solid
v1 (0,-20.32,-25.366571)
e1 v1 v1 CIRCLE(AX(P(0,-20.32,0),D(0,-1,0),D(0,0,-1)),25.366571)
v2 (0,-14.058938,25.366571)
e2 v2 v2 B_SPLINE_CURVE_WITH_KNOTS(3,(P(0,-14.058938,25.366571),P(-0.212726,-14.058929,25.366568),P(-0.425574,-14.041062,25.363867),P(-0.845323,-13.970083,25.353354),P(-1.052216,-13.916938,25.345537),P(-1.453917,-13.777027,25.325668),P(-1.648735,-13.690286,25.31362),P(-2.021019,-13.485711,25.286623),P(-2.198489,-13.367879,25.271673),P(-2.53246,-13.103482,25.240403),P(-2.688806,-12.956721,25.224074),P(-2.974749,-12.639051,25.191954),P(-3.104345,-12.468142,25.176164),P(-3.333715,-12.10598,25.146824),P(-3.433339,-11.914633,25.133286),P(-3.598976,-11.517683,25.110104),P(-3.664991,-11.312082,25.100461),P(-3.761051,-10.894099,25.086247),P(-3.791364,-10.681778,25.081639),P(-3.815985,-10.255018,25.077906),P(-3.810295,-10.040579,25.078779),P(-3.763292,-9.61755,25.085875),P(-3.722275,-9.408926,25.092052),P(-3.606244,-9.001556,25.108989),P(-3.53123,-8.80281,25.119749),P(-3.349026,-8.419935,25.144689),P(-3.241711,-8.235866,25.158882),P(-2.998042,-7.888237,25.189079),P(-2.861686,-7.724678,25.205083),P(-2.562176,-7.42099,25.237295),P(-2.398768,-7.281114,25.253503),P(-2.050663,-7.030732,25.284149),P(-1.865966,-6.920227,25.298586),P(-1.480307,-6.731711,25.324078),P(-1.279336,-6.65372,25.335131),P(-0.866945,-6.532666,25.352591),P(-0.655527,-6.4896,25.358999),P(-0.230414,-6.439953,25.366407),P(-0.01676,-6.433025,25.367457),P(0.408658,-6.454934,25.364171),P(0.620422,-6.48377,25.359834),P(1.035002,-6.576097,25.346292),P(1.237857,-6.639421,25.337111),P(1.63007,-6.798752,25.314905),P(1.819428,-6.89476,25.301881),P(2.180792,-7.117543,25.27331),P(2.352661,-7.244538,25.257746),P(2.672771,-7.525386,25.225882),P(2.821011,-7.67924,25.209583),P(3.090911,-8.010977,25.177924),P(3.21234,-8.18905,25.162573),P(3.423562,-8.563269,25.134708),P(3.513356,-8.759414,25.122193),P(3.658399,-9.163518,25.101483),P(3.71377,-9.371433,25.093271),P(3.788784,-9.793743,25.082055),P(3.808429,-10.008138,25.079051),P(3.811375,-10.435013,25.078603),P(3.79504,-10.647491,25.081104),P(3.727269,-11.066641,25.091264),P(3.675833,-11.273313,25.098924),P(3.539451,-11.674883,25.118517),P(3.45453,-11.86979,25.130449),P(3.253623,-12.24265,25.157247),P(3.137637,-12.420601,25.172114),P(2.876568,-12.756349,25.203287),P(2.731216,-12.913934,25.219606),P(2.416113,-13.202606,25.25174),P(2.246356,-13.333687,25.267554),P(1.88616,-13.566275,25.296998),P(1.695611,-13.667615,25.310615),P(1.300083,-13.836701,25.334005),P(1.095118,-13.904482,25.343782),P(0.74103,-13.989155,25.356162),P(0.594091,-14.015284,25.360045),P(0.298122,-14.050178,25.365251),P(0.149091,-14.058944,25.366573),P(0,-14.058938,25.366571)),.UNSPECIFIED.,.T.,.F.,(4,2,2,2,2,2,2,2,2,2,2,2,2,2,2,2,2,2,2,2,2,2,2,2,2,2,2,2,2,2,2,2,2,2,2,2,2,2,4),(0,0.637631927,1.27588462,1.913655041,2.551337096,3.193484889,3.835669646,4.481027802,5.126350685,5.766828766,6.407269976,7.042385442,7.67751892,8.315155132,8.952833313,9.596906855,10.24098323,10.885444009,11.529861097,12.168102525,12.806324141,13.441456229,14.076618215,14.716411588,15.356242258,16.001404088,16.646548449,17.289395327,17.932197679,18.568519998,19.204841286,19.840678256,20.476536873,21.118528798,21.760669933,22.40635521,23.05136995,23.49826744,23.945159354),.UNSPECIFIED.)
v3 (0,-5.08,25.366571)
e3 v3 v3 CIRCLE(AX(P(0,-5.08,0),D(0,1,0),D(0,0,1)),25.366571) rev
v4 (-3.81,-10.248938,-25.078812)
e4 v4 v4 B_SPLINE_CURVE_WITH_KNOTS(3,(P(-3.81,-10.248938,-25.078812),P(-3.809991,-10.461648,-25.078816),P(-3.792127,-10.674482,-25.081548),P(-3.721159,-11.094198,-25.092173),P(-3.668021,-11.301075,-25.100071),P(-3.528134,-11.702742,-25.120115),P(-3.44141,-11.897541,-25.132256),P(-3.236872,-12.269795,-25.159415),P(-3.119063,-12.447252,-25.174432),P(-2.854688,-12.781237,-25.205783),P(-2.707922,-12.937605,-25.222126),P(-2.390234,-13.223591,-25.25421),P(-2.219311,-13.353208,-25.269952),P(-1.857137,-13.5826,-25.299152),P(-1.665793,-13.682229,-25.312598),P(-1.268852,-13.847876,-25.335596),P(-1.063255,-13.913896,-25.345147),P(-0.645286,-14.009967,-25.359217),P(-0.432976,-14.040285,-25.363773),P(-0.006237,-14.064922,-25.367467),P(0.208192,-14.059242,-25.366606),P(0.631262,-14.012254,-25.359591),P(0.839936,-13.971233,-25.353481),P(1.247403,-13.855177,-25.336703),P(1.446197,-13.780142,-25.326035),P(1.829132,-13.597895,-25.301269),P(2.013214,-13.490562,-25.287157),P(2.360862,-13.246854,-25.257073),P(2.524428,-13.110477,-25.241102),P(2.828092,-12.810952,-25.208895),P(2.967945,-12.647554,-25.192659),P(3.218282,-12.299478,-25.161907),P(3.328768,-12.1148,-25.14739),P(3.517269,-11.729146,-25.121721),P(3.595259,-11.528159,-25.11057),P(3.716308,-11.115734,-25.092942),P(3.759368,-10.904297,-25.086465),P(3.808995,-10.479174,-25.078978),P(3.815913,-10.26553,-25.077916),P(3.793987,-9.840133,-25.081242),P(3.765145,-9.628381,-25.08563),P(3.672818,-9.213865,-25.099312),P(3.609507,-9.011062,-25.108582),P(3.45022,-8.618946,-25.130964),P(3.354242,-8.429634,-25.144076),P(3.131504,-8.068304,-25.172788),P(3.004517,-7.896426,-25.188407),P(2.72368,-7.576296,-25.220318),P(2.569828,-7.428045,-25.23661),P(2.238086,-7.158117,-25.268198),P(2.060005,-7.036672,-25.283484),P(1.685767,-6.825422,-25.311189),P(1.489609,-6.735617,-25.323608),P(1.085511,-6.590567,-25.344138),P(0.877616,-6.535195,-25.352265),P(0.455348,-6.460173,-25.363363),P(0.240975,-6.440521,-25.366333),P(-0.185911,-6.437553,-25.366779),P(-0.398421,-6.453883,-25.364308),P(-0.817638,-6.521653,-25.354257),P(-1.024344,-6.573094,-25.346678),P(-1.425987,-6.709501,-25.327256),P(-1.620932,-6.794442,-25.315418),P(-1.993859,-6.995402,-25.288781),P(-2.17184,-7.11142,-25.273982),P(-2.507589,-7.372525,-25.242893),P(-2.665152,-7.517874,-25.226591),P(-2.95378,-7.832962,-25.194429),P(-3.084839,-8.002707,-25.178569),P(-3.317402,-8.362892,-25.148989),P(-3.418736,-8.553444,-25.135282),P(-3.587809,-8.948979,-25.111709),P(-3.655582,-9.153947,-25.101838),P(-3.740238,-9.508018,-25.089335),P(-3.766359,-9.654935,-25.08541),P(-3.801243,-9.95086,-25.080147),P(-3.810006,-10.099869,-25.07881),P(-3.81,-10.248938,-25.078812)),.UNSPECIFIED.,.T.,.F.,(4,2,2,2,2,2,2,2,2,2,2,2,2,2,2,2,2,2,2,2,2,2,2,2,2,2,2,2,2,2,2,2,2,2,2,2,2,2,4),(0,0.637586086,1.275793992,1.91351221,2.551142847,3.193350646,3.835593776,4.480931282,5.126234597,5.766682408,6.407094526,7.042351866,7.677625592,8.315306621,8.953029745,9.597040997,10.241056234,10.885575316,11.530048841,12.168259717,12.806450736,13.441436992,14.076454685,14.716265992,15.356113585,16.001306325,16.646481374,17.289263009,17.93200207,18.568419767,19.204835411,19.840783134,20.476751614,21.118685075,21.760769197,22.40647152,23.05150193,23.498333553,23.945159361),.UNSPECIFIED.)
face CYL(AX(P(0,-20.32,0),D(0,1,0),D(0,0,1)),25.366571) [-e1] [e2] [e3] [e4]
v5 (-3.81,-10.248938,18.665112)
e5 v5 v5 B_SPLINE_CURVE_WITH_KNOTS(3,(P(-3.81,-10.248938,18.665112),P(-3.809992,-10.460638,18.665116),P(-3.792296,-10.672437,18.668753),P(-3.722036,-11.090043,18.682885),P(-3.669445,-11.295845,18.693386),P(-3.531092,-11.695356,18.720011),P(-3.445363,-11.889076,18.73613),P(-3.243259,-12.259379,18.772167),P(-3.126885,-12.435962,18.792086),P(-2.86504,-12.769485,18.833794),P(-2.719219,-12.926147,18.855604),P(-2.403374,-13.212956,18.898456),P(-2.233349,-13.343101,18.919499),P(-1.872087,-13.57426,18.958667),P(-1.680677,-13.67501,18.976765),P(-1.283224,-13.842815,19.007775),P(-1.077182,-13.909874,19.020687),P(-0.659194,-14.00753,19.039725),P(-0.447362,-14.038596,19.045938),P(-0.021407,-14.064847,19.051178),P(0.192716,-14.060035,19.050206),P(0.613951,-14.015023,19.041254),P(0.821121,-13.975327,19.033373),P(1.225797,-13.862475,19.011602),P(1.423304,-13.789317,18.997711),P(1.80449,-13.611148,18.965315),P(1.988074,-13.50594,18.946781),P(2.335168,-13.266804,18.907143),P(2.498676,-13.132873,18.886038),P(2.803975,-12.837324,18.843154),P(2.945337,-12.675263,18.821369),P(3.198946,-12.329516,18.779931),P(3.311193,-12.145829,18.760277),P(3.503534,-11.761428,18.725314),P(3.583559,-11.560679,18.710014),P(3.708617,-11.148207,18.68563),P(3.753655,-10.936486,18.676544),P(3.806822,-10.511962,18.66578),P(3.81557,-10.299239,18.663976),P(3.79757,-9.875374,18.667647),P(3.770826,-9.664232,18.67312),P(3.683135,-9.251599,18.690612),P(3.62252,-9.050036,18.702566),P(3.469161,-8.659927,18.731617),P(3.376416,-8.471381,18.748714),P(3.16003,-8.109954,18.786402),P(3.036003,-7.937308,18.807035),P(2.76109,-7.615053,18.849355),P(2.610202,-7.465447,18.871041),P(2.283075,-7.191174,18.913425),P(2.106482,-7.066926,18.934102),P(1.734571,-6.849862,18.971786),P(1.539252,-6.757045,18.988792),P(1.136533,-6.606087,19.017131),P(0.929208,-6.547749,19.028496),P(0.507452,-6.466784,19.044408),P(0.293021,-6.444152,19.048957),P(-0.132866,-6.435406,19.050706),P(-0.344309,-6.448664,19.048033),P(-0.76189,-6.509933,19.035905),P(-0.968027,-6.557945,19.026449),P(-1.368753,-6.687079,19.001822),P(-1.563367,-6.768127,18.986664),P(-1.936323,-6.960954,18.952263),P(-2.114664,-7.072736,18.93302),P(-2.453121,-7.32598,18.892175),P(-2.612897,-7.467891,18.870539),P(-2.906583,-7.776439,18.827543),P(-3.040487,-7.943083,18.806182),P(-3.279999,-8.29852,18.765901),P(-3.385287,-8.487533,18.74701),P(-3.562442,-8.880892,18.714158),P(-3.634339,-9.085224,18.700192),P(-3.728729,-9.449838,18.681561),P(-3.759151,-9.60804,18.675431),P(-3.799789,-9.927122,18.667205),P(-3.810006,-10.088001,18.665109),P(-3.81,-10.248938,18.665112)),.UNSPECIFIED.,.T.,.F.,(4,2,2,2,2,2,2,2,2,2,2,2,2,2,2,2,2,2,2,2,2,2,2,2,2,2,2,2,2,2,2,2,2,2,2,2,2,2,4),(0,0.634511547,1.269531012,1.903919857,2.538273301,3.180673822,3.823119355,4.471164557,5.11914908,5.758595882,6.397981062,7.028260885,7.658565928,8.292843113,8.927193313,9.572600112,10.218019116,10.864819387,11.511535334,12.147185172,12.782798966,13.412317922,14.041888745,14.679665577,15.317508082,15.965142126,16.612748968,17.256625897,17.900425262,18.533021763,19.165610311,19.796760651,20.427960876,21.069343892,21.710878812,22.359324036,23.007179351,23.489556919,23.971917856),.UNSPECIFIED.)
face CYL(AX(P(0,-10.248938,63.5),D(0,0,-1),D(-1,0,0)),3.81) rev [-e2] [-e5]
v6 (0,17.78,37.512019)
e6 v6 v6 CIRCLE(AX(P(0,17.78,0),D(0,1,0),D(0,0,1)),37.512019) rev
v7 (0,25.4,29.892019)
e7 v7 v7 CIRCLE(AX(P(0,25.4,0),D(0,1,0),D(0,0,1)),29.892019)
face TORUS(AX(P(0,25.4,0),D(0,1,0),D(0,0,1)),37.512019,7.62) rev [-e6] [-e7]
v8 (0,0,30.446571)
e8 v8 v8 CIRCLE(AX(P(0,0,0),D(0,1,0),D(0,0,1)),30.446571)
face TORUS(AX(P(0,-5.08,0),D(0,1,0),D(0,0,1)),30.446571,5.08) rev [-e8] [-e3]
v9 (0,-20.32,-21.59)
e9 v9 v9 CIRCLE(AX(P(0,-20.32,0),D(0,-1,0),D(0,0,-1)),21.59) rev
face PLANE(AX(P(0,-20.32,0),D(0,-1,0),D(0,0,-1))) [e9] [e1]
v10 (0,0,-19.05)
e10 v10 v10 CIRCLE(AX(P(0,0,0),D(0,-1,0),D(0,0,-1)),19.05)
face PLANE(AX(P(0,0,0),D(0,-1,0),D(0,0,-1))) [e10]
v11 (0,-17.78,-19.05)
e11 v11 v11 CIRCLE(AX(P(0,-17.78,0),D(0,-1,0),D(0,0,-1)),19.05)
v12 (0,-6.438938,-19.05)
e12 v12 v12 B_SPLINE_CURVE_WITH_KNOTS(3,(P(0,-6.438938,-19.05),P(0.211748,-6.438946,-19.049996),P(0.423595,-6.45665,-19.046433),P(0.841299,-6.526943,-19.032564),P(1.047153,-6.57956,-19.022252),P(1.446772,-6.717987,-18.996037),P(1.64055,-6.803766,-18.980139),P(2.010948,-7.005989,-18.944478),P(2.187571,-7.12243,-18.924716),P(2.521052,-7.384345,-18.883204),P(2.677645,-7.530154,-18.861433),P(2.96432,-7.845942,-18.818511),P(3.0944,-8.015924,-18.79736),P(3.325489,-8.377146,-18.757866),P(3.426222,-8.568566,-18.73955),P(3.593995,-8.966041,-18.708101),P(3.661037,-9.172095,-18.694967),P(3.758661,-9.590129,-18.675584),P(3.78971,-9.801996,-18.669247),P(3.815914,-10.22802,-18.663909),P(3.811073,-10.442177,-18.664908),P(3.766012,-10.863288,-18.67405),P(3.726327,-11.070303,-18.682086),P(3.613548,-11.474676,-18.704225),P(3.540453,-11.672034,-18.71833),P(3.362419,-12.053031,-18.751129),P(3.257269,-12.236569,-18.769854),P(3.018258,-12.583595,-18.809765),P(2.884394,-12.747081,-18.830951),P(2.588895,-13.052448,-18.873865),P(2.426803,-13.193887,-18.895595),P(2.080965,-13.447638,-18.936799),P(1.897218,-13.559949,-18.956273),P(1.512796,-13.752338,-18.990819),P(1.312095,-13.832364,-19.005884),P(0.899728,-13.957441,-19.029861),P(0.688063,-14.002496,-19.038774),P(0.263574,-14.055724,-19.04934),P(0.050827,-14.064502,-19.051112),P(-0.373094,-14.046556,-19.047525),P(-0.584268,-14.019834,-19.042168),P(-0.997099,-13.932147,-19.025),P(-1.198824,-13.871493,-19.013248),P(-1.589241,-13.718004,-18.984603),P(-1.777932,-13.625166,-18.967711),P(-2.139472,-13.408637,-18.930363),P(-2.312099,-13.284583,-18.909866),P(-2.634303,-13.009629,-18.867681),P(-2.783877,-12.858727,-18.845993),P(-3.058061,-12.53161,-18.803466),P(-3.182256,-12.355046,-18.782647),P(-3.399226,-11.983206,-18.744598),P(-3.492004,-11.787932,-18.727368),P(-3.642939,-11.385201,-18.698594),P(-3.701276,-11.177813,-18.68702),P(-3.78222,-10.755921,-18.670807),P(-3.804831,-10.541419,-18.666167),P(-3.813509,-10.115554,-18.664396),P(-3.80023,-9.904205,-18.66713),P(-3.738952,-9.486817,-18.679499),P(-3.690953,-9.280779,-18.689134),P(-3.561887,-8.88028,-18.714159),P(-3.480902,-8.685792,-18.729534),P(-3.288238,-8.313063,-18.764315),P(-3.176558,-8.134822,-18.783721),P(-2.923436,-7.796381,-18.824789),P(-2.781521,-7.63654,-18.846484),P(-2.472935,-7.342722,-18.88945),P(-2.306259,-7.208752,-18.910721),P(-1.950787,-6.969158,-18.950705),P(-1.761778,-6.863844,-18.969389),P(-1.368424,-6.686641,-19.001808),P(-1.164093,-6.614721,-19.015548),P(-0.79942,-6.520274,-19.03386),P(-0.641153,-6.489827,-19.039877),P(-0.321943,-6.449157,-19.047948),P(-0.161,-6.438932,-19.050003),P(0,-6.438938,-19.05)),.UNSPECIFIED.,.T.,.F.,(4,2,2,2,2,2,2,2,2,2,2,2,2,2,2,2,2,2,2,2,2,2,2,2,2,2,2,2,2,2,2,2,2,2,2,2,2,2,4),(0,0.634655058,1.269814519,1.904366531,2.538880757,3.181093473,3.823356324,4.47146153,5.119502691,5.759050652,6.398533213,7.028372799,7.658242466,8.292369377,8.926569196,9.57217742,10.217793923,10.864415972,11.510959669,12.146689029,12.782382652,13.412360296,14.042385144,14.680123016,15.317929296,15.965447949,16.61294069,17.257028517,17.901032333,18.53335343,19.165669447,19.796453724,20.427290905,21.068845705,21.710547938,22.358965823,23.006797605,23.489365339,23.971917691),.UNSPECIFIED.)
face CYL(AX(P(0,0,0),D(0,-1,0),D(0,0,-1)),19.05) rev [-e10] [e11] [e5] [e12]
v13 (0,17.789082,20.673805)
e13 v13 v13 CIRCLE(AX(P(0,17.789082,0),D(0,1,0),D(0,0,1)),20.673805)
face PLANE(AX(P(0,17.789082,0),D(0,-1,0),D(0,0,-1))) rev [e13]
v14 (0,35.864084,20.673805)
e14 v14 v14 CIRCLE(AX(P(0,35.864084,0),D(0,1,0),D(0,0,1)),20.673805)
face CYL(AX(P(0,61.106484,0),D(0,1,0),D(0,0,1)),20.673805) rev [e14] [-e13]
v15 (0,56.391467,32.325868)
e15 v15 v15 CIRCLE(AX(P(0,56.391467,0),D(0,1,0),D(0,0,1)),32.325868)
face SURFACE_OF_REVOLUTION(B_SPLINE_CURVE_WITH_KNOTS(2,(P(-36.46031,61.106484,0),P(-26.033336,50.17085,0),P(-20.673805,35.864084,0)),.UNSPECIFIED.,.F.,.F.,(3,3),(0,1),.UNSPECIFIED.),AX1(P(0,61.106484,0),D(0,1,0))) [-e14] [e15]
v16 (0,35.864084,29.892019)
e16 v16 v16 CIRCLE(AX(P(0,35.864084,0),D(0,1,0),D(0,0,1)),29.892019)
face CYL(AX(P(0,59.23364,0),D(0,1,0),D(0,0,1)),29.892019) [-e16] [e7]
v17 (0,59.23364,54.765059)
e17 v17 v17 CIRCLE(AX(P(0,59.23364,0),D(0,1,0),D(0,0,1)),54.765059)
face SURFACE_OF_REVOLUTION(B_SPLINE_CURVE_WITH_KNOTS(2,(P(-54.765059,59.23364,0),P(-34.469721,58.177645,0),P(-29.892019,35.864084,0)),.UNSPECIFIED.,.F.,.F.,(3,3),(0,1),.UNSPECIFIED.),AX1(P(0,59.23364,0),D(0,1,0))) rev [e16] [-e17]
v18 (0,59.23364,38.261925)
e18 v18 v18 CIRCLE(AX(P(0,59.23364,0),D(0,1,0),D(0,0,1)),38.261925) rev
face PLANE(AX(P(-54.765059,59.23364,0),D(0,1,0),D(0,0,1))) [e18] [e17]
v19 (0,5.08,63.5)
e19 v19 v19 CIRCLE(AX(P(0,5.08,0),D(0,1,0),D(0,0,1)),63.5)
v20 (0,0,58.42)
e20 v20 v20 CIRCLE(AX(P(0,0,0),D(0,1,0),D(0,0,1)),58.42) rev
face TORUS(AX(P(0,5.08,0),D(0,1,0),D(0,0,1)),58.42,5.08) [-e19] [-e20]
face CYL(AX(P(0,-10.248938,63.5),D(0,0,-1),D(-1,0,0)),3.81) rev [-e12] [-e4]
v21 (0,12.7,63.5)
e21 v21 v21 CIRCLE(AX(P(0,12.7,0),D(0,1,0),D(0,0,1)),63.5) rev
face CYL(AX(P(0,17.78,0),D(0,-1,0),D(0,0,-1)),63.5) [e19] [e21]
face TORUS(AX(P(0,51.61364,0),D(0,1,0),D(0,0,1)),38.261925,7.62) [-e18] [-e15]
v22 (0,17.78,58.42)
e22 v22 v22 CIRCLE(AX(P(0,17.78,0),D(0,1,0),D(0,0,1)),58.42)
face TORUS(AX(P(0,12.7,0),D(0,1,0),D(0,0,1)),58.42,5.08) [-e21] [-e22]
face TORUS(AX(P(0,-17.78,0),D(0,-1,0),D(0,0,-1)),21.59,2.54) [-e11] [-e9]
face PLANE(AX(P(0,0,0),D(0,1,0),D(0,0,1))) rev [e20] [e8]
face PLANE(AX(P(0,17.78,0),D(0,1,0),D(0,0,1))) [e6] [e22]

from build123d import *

# Parameters (mm, degrees)
SKETCH1_R               = 63.5
BOSS_EXTRUDE1_DEPTH     = 17.78
SKETCH4_R               = 25.36657104
BOSS_EXTRUDE6_DEPTH     = 20.32
SKETCH6_R               = 19.05
CUT_EXTRUDE1_DEPTH      = 20.32
SKETCH12_R              = 3.81
CUT_EXTRUDE6_DEPTH      = 39.13342896
CUT_EXTRUDE6_DEPTH_BACK = 89.86657104
FILLET2_R               = 5.08
FILLET4_R               = 2.54
FILLET5_R               = 5.08
FILLET6_R               = 7.62
FILLET7_R               = 7.62


with BuildPart() as part:
    # Sketch1 → Boss-Extrude1 (new body)
    with BuildSketch(Plane(origin=(0, 0, 0), x_dir=(1, 0, 0), z_dir=(0, 1, 0))):
        Circle(SKETCH1_R)
    extrude(amount=BOSS_EXTRUDE1_DEPTH)

    # Sketch4 → Boss-Extrude6 (add)
    with BuildSketch(Plane.XZ):
        Circle(SKETCH4_R)
    extrude(amount=BOSS_EXTRUDE6_DEPTH)

    # Sketch6 → Cut-Extrude1 (cut)
    with BuildSketch(Plane.XZ.offset(20.32)):
        Circle(SKETCH6_R)
    extrude(amount=-CUT_EXTRUDE1_DEPTH, mode=Mode.SUBTRACT)

    # Sketch12 → Cut-Extrude6 (cut, two sides)
    with BuildSketch(Plane(origin=(0, 0, -25.36657104), x_dir=(-1, 0, 0), z_dir=(0, 0, -1))) as cut_extrude6_sk:
        with Locations((0, -10.248937759)):
            Circle(SKETCH12_R)
    extrude(amount=CUT_EXTRUDE6_DEPTH, mode=Mode.SUBTRACT)
    extrude(cut_extrude6_sk.sketch, amount=-CUT_EXTRUDE6_DEPTH_BACK, mode=Mode.SUBTRACT)

    # Fillet2
    fillet2_edges = [part.edges().sort_by_distance(p)[0] for p in [
        (-63.5, 0, 0),
        (-25.36657104, 0, 0),
    ]]
    fillet(fillet2_edges, radius=FILLET2_R)

    # Fillet4
    fillet4_edges = [part.edges().sort_by_distance(p)[0] for p in [
        (-19.05, -20.32, 0),
    ]]
    fillet(fillet4_edges, radius=FILLET4_R)

    # Fillet5
    fillet5_edges = [part.edges().sort_by_distance(p)[0] for p in [
        (-63.5, 17.78, 0),
    ]]
    fillet(fillet5_edges, radius=FILLET5_R)

    # Sketch15 → Revolve2 (revolve)
    with BuildSketch(Plane.XY):
        with BuildLine():
            Line((-29.892018592, 17.78), (-29.892018592, 35.864083574))
            add(Edge.make_bspline(
                [(-29.892018592, 35.864083574), (-34.469720998, 58.177644888), (-54.765059219, 59.2336397)],
                knots=[0, 0, 0, 1, 1, 1], degree=2))
            Line((-54.765059219, 59.2336397), (0, 59.2336397))
            Line((0, 59.2336397), (0, 17.78))
            Line((0, 17.78), (-29.892018592, 17.78))
        make_face()
    revolve(axis=Axis((0, 59.2336397, 0), (0, -1, 0)))

    # Sketch17 → Cut-Revolve2 (revolve, cut)
    with BuildSketch(Plane.XY):
        with BuildLine():
            Line((-20.673805288, 17.789082093), (-20.673805288, 35.864083574))
            add(Edge.make_bspline(
                [(-20.673805288, 35.864083574), (-26.033336051, 50.170850095), (-36.460310019, 61.106483535)],
                knots=[0, 0, 0, 1, 1, 1], degree=2))
            Line((-36.460310019, 61.106483535), (0, 61.106483535))
            Line((0, 61.106483535), (0, 17.789082093))
            Line((0, 17.789082093), (-20.673805288, 17.789082093))
        make_face()
    revolve(axis=Axis((0, 61.106483535, 0), (0, -1, 0)), mode=Mode.SUBTRACT)

    # Fillet6
    fillet6_edges = [part.edges().sort_by_distance(p)[0] for p in [
        (29.892018592, 17.78, 0),
    ]]
    fillet(fillet6_edges, radius=FILLET6_R)

    # Fillet7
    fillet7_edges = [part.edges().sort_by_distance(p)[0] for p in [
        (34.733754096, 59.2336397, 6e-09),
    ]]
    fillet(fillet7_edges, radius=FILLET7_R)


solid = part.part
